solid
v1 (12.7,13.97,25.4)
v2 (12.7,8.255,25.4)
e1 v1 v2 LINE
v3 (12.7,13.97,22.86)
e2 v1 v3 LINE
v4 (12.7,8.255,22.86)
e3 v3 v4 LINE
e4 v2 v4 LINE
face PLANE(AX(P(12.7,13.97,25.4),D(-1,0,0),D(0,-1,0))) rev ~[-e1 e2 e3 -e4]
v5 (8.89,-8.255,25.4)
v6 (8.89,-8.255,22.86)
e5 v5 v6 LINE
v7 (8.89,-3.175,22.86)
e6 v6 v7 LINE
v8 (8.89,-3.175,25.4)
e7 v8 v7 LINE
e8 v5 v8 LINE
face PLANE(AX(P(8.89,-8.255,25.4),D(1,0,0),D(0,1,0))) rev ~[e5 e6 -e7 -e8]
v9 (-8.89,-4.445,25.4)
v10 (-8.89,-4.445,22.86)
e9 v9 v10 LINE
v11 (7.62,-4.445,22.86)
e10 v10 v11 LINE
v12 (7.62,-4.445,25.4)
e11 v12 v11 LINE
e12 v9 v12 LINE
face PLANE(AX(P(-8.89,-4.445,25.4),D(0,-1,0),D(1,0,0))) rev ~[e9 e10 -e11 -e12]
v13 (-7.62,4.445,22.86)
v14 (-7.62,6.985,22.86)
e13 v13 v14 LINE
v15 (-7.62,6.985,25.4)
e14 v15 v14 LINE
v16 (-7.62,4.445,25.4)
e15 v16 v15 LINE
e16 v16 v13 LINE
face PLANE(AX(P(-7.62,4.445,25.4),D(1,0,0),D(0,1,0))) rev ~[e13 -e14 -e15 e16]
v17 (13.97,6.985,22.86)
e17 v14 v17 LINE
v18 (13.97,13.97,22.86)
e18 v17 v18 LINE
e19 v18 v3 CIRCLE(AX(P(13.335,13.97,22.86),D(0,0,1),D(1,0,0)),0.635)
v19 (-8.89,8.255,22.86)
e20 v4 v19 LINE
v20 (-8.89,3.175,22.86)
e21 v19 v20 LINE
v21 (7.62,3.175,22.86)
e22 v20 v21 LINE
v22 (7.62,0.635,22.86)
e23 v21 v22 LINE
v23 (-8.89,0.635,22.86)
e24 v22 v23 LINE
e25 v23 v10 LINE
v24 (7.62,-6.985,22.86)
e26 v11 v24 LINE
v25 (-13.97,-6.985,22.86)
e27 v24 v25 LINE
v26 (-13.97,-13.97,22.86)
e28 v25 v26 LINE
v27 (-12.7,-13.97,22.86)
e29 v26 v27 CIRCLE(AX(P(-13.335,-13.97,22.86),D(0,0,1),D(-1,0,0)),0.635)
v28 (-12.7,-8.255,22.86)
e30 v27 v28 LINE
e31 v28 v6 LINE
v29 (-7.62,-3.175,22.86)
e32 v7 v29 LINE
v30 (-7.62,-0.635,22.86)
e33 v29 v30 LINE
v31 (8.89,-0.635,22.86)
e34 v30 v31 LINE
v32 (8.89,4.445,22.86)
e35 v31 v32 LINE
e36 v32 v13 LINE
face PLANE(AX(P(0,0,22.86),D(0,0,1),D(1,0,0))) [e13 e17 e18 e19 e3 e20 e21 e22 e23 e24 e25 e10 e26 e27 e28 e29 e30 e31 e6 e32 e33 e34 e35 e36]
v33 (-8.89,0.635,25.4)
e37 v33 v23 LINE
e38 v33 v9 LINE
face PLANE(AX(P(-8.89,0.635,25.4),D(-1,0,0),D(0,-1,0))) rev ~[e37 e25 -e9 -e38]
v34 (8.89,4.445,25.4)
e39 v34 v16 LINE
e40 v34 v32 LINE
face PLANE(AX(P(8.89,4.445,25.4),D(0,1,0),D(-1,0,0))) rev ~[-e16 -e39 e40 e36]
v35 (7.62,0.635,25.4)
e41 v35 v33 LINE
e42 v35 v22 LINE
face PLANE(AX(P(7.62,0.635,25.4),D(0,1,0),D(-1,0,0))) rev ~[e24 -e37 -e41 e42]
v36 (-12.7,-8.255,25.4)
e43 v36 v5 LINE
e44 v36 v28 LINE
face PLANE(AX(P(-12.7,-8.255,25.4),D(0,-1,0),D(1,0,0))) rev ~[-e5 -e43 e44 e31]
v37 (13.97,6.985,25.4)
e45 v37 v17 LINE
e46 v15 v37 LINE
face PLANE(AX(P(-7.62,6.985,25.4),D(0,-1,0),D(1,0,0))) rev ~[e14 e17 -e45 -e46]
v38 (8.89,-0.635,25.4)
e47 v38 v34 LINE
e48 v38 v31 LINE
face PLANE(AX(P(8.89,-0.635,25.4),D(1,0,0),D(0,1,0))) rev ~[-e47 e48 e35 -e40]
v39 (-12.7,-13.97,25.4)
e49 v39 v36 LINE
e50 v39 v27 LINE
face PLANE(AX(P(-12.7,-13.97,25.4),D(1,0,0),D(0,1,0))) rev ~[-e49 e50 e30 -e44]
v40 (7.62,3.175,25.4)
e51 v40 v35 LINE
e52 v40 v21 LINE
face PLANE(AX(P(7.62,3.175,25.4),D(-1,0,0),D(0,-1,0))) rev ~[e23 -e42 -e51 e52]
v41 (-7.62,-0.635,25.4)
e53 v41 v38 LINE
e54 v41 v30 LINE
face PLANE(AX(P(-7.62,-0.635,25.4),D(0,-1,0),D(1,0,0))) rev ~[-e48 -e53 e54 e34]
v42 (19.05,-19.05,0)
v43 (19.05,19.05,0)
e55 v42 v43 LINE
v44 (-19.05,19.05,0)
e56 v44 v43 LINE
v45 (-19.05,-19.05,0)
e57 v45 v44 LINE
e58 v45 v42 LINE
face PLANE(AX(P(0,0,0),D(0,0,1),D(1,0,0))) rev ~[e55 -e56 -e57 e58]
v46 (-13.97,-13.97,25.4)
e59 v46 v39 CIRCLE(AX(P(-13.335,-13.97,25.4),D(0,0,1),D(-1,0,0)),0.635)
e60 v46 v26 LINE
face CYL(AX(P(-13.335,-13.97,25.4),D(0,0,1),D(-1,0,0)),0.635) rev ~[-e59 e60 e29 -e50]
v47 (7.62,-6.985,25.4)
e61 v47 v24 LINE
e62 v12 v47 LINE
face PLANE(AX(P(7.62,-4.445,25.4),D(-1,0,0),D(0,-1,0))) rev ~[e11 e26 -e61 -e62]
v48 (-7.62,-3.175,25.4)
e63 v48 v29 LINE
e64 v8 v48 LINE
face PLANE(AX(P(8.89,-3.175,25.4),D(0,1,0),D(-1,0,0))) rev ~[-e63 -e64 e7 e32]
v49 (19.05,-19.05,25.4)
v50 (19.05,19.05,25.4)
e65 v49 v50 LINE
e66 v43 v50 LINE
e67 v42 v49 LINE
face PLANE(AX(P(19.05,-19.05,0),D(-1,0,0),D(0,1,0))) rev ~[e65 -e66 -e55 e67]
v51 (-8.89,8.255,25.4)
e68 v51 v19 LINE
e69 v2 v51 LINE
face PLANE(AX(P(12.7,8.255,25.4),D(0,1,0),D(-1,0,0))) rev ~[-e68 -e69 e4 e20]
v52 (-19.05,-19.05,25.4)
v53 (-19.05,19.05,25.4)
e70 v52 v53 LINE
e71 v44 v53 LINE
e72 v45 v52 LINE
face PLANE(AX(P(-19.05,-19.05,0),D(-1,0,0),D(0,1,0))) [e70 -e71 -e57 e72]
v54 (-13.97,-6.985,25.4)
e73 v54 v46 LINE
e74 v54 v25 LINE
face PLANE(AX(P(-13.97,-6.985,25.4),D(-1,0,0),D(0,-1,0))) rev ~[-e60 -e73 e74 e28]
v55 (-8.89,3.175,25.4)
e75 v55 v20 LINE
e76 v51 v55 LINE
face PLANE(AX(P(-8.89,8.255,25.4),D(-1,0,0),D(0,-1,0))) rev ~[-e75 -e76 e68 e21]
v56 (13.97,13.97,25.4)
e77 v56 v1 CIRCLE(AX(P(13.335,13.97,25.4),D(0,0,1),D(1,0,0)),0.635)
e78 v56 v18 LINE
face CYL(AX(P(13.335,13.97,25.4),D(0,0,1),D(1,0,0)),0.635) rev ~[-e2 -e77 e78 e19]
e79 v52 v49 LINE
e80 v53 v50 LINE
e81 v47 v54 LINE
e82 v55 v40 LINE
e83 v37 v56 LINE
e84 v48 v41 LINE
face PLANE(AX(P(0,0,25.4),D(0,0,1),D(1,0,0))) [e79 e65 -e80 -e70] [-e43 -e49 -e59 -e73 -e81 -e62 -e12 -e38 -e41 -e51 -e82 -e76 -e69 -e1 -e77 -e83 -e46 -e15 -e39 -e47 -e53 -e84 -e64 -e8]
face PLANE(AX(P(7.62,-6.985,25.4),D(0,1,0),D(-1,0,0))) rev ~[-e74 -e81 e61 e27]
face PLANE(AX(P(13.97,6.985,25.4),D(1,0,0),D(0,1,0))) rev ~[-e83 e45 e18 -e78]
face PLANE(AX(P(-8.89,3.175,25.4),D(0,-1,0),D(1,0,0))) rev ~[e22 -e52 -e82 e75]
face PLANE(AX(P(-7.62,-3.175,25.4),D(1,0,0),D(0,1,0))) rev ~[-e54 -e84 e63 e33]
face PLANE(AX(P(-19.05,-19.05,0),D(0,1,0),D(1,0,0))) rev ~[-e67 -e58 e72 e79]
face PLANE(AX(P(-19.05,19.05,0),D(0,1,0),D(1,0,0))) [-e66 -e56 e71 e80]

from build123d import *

# Parameters (mm, degrees)
F0_W     = 38.1
F0_H     = 38.1
F1_DEPTH = 25.4
F3_DEPTH = 2.54


with BuildPart() as f1:
    # F0 (on Top) → F1 (new body)
    with BuildSketch(Plane.XY):
        Rectangle(F0_W, F0_H)
    extrude(amount=F1_DEPTH)

    # F2 (on face) → F3 (cut)
    with BuildSketch(Plane.XY.offset(25.4)):
        with BuildLine():
            Line((-13.97, -6.985), (-13.97, -13.97))
            ThreePointArc((-13.97, -13.97), (-13.335, -14.605), (-12.7, -13.97))
            Line((-12.7, -13.97), (-12.7, -8.255))
            Line((-12.7, -8.255), (8.89, -8.255))
            Line((8.89, -8.255), (8.89, -3.175))
            Line((8.89, -3.175), (-7.62, -3.175))
            Line((-7.62, -3.175), (-7.62, -0.635))
            Line((-7.62, -0.635), (8.89, -0.635))
            Line((8.89, -0.635), (8.89, 4.445))
            Line((8.89, 4.445), (-7.62, 4.445))
            Line((-7.62, 4.445), (-7.62, 6.985))
            Line((-7.62, 6.985), (13.97, 6.985))
            Line((13.97, 6.985), (13.97, 13.97))
            ThreePointArc((13.97, 13.97), (13.335, 14.605), (12.7, 13.97))
            Line((12.7, 13.97), (12.7, 8.255))
            Line((12.7, 8.255), (-8.89, 8.255))
            Line((-8.89, 8.255), (-8.89, 3.175))
            Line((-8.89, 3.175), (7.62, 3.175))
            Line((7.62, 3.175), (7.62, 0.635))
            Line((7.62, 0.635), (-8.89, 0.635))
            Line((-8.89, 0.635), (-8.89, -4.445))
            Line((-8.89, -4.445), (7.62, -4.445))
            Line((7.62, -4.445), (7.62, -6.985))
            Line((7.62, -6.985), (-13.97, -6.985))
        make_face()
    extrude(amount=-F3_DEPTH, mode=Mode.SUBTRACT)


solid = f1.part
